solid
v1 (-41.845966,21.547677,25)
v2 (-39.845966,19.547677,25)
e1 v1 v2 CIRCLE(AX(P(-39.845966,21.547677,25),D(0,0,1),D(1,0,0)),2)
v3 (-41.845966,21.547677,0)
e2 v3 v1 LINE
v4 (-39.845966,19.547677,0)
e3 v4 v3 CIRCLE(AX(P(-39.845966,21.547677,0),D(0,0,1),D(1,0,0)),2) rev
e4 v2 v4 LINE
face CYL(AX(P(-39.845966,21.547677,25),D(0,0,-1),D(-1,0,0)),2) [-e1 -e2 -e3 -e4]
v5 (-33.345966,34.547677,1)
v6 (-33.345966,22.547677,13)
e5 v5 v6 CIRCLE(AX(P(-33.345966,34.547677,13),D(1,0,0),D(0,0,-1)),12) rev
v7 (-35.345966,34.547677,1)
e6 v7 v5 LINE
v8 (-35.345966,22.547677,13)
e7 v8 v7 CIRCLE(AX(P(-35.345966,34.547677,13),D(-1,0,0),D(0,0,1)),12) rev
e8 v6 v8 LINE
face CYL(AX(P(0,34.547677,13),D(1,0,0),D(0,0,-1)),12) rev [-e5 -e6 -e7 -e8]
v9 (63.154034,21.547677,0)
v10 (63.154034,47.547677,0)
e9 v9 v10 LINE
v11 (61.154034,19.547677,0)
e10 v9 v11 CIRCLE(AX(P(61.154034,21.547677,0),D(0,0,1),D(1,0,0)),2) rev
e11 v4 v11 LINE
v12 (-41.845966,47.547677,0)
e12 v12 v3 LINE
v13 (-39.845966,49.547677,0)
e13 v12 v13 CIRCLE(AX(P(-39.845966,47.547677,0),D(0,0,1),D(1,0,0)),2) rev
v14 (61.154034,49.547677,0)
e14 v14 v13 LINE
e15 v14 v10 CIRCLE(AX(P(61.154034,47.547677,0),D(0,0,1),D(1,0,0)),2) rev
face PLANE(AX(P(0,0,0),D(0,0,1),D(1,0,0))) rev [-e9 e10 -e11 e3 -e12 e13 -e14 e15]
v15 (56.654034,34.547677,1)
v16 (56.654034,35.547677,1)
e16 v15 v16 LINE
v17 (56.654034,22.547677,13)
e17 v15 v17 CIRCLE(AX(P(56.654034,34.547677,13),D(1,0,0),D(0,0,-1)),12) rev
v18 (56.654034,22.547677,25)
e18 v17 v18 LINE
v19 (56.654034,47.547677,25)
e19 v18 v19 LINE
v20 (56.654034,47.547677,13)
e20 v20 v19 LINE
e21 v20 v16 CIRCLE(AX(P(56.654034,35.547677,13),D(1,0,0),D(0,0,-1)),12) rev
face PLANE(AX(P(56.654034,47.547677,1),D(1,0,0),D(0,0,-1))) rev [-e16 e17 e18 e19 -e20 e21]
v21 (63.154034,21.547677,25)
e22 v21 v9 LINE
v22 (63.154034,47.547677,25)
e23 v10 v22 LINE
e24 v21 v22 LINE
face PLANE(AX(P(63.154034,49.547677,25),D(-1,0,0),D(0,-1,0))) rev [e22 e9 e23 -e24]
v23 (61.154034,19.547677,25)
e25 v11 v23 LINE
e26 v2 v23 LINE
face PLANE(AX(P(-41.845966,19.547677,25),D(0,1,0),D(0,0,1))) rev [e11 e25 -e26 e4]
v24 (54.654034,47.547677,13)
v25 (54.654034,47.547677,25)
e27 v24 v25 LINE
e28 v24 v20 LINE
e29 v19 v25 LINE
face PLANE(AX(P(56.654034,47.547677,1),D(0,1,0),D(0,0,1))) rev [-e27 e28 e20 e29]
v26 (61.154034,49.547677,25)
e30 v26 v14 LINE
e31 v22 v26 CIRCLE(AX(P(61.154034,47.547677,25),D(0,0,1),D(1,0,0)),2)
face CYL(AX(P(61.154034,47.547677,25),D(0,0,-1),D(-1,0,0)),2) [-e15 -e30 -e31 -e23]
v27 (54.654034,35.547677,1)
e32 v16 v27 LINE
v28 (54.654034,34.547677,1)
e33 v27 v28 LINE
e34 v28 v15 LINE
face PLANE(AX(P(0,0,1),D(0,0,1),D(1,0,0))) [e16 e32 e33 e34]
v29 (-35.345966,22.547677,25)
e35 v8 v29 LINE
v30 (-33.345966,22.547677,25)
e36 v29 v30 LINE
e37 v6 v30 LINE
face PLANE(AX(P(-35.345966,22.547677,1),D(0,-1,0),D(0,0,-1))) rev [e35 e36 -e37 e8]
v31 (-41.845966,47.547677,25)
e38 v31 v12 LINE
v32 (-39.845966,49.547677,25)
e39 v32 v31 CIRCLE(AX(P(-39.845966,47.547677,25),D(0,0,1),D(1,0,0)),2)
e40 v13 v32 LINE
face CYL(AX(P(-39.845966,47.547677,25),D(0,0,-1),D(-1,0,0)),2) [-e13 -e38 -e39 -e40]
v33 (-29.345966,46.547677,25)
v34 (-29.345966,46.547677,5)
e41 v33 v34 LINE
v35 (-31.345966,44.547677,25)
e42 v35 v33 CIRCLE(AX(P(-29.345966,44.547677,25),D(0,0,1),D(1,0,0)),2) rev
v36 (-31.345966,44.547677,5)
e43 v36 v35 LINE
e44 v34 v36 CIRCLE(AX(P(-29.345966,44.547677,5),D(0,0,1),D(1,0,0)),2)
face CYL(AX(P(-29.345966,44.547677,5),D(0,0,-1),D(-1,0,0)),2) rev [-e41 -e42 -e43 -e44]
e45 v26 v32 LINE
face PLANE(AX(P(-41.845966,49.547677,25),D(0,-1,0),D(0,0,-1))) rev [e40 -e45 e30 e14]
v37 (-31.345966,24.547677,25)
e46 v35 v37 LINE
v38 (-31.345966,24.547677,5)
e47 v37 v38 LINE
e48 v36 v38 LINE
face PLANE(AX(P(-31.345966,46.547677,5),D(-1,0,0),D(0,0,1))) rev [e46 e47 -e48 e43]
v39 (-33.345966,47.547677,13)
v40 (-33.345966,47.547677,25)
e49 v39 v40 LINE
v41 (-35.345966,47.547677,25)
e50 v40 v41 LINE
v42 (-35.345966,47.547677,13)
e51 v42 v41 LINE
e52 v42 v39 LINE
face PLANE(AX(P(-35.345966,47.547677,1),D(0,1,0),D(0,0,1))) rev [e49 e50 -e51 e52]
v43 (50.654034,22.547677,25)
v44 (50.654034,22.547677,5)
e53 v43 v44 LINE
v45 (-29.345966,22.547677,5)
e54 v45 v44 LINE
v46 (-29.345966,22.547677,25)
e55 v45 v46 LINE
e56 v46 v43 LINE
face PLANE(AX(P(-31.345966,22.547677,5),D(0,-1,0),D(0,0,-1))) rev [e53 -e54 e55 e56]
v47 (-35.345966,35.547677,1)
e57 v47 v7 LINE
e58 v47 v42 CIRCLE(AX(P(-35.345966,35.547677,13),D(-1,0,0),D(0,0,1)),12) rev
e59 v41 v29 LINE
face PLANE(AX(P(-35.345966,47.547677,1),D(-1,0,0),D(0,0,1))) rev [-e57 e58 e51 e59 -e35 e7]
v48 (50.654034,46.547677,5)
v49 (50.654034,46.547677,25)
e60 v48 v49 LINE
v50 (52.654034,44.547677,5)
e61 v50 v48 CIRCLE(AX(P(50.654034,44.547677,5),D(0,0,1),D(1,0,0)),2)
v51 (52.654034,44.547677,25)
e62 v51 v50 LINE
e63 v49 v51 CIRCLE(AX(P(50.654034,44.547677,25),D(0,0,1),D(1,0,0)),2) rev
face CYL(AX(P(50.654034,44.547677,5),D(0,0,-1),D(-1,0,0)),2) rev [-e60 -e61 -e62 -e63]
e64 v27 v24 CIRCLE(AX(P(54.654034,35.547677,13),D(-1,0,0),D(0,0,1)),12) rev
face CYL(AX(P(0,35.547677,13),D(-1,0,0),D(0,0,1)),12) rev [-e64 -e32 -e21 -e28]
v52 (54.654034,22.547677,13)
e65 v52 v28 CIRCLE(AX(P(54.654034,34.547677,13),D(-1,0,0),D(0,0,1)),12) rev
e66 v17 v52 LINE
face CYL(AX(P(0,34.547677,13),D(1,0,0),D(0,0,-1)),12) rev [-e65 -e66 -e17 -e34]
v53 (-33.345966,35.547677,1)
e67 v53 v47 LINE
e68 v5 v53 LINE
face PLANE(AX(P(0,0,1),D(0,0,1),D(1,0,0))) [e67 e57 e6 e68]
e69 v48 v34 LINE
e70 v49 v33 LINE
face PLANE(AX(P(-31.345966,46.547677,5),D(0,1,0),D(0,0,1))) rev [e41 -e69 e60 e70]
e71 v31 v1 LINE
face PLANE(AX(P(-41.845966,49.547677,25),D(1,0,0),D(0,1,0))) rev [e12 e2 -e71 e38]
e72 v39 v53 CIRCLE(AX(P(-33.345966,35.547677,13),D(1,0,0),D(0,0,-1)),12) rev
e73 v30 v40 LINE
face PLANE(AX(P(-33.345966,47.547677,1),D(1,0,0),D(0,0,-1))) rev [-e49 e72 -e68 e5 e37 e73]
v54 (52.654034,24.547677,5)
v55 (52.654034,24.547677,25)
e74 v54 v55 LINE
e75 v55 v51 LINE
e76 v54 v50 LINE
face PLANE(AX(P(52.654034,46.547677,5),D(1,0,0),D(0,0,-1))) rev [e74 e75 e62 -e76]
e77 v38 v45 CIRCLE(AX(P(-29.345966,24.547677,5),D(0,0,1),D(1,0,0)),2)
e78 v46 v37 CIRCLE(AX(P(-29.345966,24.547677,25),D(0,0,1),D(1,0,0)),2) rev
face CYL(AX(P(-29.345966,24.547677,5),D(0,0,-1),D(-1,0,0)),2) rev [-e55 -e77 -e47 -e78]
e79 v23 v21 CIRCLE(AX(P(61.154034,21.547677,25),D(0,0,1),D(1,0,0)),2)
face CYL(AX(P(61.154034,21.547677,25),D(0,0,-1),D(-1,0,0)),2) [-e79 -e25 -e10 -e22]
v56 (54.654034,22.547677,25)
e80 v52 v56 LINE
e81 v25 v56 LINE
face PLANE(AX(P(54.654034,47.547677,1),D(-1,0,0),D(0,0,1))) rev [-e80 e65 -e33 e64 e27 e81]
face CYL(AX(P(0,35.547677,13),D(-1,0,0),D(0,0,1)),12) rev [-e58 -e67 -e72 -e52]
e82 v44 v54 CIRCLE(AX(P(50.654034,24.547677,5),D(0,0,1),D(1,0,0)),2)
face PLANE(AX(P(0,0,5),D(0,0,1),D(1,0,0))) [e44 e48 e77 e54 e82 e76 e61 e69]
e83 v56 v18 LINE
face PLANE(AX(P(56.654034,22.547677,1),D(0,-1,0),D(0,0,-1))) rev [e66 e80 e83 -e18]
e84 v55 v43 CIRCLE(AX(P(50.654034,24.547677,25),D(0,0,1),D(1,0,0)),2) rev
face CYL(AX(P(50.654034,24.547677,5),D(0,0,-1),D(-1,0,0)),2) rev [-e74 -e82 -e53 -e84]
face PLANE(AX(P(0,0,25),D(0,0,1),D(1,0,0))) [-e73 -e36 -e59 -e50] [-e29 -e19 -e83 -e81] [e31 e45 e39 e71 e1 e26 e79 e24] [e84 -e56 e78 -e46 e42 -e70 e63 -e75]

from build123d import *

# Parameters (mm, degrees)
ESQUISSE1_W             = 105
ESQUISSE1_H             = 30
BOSS_EXTRU_1_DEPTH      = 25
ESQUISSE2_W             = 2
ESQUISSE2_H             = 25
ENL_V_MAT_EXTRU_1_DEPTH = 24
CONG_3_R                = 12
CONG_4_R                = 12
ESQUISSE3_W             = 84
ESQUISSE3_H             = 24
ENL_V_MAT_EXTRU_2_DEPTH = 20
CONG_5_R                = 2
CONG_6_R                = 2
CONG_7_R                = 2


with BuildPart() as part:
    # Esquisse1 → Boss.-Extru.1 (new body)
    with BuildSketch(Plane.XY):
        with Locations((10.65403423, 34.547677262)):
            Rectangle(ESQUISSE1_W, ESQUISSE1_H)
    extrude(amount=BOSS_EXTRU_1_DEPTH)

    # Esquisse2 → Enlèv. mat.-Extru.1 (cut)
    with BuildSketch(Plane.XY.offset(25)):
        with Locations((-34.34596577, 35.047677262)):
            Rectangle(ESQUISSE2_W, ESQUISSE2_H)
        with Locations((55.65403423, 35.047677262)):
            Rectangle(ESQUISSE2_W, ESQUISSE2_H)
    extrude(amount=-ENL_V_MAT_EXTRU_1_DEPTH, mode=Mode.SUBTRACT)

    # Congé3
    cong_3_edges = [part.edges().sort_by_distance(p)[0] for p in [
        (55.65403423, 47.547677262, 1),
        (55.65403423, 22.547677262, 1),
    ]]
    fillet(cong_3_edges, radius=CONG_3_R)

    # Congé4
    cong_4_edges = [part.edges().sort_by_distance(p)[0] for p in [
        (-34.34596577, 47.547677262, 1),
        (-34.34596577, 22.547677262, 1),
    ]]
    fillet(cong_4_edges, radius=CONG_4_R)

    # Esquisse3 → Enlèv. mat.-Extru.2 (cut)
    with BuildSketch(Plane.XY.offset(25)):
        with Locations((10.65403423, 34.547677262)):
            Rectangle(ESQUISSE3_W, ESQUISSE3_H)
    extrude(amount=-ENL_V_MAT_EXTRU_2_DEPTH, mode=Mode.SUBTRACT)

    # Congé5
    cong_5_edges = [part.edges().sort_by_distance(p)[0] for p in [
        (52.65403423, 46.547677262, 15),
        (52.65403423, 22.547677262, 15),
        (-41.84596577, 49.547677262, 12.5),
        (63.15403423, 49.547677262, 12.5),
        (63.15403423, 19.547677262, 12.5),
    ]]
    fillet(cong_5_edges, radius=CONG_5_R)

    # Congé6
    cong_6_edges = [part.edges().sort_by_distance(p)[0] for p in [
        (-31.34596577, 22.547677262, 15),
        (-31.34596577, 46.547677262, 15),
    ]]
    fillet(cong_6_edges, radius=CONG_6_R)

    # Congé7
    cong_7_edges = [part.edges().sort_by_distance(p)[0] for p in [
        (-41.84596577, 19.547677262, 12.5),
    ]]
    fillet(cong_7_edges, radius=CONG_7_R)


solid = part.part
